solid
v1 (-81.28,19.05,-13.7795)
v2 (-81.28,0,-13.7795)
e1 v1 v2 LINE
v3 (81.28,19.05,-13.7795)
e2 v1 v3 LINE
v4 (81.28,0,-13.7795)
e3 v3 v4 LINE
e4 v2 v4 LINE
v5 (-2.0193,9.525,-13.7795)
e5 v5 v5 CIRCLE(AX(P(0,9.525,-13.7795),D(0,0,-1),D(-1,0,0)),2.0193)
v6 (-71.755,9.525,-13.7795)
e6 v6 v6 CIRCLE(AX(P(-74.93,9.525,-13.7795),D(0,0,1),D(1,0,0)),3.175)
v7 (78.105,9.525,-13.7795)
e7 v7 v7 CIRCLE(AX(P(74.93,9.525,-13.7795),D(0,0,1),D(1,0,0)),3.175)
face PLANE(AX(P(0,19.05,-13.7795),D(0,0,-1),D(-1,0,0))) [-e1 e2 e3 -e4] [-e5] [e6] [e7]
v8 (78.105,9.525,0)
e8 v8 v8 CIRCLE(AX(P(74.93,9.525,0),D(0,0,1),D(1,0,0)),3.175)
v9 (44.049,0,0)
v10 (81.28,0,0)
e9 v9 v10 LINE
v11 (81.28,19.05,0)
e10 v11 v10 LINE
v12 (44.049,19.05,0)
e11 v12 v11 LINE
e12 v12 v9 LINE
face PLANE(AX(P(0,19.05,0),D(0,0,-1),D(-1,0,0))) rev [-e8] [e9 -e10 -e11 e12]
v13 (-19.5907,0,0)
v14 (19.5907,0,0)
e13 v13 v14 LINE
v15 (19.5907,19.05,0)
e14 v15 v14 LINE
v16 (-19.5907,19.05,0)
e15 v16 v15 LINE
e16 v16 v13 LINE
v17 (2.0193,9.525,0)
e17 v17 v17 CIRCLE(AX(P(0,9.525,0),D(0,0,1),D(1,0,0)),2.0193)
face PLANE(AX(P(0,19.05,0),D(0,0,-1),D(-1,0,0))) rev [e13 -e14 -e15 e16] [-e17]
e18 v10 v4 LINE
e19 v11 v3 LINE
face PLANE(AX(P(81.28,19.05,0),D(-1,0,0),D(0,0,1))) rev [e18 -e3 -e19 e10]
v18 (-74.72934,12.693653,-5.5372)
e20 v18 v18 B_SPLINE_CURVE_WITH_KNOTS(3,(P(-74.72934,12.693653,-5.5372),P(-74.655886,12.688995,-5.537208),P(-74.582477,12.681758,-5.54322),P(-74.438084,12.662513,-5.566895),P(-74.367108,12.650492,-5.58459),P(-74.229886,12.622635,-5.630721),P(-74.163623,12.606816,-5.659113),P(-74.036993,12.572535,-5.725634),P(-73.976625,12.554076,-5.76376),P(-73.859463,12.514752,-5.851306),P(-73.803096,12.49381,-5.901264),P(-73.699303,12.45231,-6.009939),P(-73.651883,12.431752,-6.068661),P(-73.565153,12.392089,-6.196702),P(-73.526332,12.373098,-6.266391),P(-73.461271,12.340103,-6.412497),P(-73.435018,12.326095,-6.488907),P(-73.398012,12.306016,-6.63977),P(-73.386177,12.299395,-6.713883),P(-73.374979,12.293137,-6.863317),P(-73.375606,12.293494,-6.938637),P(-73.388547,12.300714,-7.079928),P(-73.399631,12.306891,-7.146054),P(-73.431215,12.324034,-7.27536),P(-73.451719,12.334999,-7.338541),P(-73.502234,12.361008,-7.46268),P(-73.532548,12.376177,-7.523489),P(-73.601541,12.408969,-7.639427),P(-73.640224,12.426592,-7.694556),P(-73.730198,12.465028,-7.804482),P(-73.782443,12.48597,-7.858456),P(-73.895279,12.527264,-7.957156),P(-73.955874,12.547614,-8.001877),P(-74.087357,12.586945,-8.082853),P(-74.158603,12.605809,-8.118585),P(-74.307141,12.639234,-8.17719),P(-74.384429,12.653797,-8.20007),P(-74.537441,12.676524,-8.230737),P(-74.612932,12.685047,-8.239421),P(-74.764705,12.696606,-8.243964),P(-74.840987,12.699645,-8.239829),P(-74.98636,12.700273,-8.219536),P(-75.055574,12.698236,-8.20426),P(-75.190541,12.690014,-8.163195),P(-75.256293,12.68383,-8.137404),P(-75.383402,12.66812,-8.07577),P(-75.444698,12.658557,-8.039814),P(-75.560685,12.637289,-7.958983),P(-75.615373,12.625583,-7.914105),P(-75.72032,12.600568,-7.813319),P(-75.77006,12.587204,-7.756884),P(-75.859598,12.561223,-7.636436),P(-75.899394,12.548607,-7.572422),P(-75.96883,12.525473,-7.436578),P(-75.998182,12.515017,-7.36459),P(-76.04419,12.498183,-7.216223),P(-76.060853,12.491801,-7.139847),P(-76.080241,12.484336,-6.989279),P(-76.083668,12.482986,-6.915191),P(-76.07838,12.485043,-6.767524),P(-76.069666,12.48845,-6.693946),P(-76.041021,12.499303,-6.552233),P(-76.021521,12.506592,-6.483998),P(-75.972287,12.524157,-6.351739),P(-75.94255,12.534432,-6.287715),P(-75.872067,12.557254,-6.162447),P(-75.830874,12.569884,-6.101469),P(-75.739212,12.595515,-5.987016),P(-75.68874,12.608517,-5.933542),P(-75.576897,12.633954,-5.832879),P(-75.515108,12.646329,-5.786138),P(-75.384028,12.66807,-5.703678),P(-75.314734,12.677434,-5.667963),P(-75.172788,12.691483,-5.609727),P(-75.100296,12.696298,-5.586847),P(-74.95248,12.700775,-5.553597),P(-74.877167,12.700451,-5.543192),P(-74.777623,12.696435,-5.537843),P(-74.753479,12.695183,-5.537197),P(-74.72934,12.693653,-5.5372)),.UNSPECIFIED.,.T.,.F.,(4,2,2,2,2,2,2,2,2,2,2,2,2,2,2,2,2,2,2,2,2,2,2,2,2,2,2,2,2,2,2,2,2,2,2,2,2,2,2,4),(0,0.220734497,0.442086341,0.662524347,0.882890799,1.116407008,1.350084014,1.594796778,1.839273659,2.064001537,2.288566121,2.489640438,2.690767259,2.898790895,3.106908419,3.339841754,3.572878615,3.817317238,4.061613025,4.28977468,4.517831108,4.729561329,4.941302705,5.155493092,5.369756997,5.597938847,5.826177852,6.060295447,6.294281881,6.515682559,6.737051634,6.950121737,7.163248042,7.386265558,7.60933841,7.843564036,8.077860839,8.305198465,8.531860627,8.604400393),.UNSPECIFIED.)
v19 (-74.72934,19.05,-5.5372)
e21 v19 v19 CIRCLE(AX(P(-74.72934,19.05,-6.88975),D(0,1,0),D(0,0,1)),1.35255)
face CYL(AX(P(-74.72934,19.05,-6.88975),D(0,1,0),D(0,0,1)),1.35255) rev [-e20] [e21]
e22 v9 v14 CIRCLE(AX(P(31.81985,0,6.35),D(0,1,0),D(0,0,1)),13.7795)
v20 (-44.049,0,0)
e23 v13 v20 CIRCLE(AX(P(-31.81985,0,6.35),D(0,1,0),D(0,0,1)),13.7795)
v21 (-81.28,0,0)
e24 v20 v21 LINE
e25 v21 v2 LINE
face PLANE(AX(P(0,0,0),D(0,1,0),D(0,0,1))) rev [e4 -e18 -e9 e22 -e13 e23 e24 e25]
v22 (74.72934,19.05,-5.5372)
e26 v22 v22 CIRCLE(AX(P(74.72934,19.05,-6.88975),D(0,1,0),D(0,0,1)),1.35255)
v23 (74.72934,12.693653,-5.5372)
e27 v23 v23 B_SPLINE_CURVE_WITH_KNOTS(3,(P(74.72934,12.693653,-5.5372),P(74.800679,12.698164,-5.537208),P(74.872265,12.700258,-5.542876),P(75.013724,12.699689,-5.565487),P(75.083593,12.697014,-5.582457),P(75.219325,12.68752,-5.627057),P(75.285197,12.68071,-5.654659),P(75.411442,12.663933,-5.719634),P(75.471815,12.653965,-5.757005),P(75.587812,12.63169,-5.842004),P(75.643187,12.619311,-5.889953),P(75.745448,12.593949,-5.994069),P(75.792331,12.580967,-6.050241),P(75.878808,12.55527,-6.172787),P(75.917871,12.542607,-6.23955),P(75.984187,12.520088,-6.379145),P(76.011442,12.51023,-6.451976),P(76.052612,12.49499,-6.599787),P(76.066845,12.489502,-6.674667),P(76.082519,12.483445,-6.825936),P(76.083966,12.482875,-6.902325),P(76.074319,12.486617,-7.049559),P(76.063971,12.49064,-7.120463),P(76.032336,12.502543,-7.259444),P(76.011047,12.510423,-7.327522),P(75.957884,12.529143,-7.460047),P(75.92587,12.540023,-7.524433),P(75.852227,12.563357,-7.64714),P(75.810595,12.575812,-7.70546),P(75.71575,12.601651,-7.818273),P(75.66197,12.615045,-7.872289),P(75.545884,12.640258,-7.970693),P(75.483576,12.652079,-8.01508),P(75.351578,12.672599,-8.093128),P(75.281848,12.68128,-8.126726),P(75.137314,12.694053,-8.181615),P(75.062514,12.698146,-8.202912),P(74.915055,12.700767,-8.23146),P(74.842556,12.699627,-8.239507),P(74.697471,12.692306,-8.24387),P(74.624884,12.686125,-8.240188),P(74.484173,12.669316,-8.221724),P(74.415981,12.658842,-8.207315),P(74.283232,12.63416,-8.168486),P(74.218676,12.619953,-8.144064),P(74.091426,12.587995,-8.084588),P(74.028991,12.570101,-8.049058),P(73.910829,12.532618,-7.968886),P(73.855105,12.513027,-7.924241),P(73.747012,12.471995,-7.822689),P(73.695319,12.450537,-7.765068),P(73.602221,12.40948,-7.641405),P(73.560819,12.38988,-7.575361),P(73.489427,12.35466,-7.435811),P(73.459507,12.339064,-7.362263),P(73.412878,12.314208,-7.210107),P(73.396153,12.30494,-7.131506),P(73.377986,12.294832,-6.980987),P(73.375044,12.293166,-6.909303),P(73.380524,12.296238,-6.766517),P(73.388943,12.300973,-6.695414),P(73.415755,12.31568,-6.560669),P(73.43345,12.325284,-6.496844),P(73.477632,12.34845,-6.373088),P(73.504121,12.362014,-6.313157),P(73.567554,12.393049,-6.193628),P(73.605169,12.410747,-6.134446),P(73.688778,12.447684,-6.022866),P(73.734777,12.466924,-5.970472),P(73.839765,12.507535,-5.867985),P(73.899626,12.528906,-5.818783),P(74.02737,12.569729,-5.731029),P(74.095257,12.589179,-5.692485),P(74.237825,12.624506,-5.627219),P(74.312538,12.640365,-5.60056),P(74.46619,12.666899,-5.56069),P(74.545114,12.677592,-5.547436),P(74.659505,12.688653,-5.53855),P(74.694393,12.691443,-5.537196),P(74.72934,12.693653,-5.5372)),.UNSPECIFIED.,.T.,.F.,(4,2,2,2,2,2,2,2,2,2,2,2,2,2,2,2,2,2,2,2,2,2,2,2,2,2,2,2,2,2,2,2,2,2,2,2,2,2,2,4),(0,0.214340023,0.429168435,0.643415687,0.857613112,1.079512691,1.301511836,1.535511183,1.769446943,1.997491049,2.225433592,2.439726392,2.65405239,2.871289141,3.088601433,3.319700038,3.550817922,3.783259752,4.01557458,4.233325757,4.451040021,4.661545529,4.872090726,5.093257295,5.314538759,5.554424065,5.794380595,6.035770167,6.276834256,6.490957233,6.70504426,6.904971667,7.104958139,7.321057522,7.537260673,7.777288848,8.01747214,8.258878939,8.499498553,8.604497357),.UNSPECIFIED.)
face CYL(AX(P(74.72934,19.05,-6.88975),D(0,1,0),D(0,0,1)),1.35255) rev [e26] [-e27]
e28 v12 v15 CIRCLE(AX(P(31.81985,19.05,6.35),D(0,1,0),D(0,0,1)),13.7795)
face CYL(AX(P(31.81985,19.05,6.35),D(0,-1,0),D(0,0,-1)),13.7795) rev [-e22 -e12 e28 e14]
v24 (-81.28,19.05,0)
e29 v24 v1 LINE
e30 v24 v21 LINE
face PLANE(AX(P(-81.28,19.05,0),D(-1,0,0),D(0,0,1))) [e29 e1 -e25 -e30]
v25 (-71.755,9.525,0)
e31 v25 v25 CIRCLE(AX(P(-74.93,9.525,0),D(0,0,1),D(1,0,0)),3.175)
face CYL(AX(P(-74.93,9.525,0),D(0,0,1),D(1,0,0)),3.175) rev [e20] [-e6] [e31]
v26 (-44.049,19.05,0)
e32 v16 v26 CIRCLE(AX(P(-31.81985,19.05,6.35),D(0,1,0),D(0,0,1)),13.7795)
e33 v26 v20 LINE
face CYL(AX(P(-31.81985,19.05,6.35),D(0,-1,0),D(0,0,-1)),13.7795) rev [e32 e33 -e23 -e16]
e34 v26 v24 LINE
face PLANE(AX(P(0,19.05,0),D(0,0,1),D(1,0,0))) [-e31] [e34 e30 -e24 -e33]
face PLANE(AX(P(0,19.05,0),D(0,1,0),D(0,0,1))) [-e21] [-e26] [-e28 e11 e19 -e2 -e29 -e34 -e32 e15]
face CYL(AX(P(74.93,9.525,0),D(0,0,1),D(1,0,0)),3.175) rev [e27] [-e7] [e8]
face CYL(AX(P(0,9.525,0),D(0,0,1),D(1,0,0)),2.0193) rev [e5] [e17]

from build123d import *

# Parameters (mm, degrees)
BOSS_EXTRUDE1_DEPTH         = 19.05
F_1_4_0_25_DIAMETER_HOLE1_D = 6.35
F_6_32_TAPPED_HOLE1_REACH   = 86.612
F_6_32_TAPPED_HOLE1_BORE_R  = 1.35255
F_10_32_TAPPED_HOLE1_D      = 4.0386


with BuildPart() as part:
    # Sketch1 → Boss-Extrude1 (new body)
    with BuildSketch(Plane(origin=(0, 0, 0), x_dir=(1, 0, 0), z_dir=(0, 1, 0))):
        with BuildLine():
            Line((-19.59069957, 0), (19.59069957, 0))
            ThreePointArc((19.59069957, 0), (31.81985, 7.4295), (44.04900043, 0))
            Line((44.04900043, 0), (81.28, 0))
            Line((81.28, 0), (81.28, 13.7795))
            Line((81.28, 13.7795), (-81.28, 13.7795))
            Line((-81.28, 13.7795), (-81.28, 0))
            Line((-81.28, 0), (-44.04900043, 0))
            ThreePointArc((-44.04900043, 0), (-31.81985, 7.4295), (-19.59069957, 0))
        make_face()
    extrude(amount=BOSS_EXTRUDE1_DEPTH)

    # 1/4 (0.25) Diameter Hole1 (through all)
    with Locations(Plane.XY):
        with Locations((-74.93, 9.525)):
            f_1_4_0_25_diameter_hole1 = Hole(F_1_4_0_25_DIAMETER_HOLE1_D / 2)

    # #6-32 Tapped Hole1 bore → #6-32 Tapped Hole1 (cut, up to next)
    with BuildSketch(Plane(origin=(0, 19.05, 0), x_dir=(1, 0, 0), z_dir=(0, 1, 0)), mode=Mode.PRIVATE) as f_6_32_tapped_hole1_sk1:
        with Locations((-74.72934, 6.88975)):
            Circle(F_6_32_TAPPED_HOLE1_BORE_R)
    f_6_32_tapped_hole1_tool1 = extrude(f_6_32_tapped_hole1_sk1.sketch, amount=-F_6_32_TAPPED_HOLE1_REACH, mode=Mode.PRIVATE) & part.part
    f_6_32_tapped_hole1 = f_6_32_tapped_hole1_tool1.solids().sort_by_distance((-74.72934, 19.05, -6.88975))[0]
    add(f_6_32_tapped_hole1, mode=Mode.SUBTRACT)

    # Mirror2: 1/4 (0.25) Diameter Hole1, #6-32 Tapped Hole1 across plane
    add(f_1_4_0_25_diameter_hole1.mirror(Plane(origin=(0, 0, 0), x_dir=(0, 0, 1), z_dir=(1, 0, 0))), mode=Mode.SUBTRACT)
    add(f_6_32_tapped_hole1.mirror(Plane(origin=(0, 0, 0), x_dir=(0, 0, 1), z_dir=(1, 0, 0))), mode=Mode.SUBTRACT)

    # #10-32 Tapped Hole1 (through all)
    with Locations(Plane.XY):
        with Locations((0, 9.525)):
            Hole(F_10_32_TAPPED_HOLE1_D / 2)


solid = part.part
